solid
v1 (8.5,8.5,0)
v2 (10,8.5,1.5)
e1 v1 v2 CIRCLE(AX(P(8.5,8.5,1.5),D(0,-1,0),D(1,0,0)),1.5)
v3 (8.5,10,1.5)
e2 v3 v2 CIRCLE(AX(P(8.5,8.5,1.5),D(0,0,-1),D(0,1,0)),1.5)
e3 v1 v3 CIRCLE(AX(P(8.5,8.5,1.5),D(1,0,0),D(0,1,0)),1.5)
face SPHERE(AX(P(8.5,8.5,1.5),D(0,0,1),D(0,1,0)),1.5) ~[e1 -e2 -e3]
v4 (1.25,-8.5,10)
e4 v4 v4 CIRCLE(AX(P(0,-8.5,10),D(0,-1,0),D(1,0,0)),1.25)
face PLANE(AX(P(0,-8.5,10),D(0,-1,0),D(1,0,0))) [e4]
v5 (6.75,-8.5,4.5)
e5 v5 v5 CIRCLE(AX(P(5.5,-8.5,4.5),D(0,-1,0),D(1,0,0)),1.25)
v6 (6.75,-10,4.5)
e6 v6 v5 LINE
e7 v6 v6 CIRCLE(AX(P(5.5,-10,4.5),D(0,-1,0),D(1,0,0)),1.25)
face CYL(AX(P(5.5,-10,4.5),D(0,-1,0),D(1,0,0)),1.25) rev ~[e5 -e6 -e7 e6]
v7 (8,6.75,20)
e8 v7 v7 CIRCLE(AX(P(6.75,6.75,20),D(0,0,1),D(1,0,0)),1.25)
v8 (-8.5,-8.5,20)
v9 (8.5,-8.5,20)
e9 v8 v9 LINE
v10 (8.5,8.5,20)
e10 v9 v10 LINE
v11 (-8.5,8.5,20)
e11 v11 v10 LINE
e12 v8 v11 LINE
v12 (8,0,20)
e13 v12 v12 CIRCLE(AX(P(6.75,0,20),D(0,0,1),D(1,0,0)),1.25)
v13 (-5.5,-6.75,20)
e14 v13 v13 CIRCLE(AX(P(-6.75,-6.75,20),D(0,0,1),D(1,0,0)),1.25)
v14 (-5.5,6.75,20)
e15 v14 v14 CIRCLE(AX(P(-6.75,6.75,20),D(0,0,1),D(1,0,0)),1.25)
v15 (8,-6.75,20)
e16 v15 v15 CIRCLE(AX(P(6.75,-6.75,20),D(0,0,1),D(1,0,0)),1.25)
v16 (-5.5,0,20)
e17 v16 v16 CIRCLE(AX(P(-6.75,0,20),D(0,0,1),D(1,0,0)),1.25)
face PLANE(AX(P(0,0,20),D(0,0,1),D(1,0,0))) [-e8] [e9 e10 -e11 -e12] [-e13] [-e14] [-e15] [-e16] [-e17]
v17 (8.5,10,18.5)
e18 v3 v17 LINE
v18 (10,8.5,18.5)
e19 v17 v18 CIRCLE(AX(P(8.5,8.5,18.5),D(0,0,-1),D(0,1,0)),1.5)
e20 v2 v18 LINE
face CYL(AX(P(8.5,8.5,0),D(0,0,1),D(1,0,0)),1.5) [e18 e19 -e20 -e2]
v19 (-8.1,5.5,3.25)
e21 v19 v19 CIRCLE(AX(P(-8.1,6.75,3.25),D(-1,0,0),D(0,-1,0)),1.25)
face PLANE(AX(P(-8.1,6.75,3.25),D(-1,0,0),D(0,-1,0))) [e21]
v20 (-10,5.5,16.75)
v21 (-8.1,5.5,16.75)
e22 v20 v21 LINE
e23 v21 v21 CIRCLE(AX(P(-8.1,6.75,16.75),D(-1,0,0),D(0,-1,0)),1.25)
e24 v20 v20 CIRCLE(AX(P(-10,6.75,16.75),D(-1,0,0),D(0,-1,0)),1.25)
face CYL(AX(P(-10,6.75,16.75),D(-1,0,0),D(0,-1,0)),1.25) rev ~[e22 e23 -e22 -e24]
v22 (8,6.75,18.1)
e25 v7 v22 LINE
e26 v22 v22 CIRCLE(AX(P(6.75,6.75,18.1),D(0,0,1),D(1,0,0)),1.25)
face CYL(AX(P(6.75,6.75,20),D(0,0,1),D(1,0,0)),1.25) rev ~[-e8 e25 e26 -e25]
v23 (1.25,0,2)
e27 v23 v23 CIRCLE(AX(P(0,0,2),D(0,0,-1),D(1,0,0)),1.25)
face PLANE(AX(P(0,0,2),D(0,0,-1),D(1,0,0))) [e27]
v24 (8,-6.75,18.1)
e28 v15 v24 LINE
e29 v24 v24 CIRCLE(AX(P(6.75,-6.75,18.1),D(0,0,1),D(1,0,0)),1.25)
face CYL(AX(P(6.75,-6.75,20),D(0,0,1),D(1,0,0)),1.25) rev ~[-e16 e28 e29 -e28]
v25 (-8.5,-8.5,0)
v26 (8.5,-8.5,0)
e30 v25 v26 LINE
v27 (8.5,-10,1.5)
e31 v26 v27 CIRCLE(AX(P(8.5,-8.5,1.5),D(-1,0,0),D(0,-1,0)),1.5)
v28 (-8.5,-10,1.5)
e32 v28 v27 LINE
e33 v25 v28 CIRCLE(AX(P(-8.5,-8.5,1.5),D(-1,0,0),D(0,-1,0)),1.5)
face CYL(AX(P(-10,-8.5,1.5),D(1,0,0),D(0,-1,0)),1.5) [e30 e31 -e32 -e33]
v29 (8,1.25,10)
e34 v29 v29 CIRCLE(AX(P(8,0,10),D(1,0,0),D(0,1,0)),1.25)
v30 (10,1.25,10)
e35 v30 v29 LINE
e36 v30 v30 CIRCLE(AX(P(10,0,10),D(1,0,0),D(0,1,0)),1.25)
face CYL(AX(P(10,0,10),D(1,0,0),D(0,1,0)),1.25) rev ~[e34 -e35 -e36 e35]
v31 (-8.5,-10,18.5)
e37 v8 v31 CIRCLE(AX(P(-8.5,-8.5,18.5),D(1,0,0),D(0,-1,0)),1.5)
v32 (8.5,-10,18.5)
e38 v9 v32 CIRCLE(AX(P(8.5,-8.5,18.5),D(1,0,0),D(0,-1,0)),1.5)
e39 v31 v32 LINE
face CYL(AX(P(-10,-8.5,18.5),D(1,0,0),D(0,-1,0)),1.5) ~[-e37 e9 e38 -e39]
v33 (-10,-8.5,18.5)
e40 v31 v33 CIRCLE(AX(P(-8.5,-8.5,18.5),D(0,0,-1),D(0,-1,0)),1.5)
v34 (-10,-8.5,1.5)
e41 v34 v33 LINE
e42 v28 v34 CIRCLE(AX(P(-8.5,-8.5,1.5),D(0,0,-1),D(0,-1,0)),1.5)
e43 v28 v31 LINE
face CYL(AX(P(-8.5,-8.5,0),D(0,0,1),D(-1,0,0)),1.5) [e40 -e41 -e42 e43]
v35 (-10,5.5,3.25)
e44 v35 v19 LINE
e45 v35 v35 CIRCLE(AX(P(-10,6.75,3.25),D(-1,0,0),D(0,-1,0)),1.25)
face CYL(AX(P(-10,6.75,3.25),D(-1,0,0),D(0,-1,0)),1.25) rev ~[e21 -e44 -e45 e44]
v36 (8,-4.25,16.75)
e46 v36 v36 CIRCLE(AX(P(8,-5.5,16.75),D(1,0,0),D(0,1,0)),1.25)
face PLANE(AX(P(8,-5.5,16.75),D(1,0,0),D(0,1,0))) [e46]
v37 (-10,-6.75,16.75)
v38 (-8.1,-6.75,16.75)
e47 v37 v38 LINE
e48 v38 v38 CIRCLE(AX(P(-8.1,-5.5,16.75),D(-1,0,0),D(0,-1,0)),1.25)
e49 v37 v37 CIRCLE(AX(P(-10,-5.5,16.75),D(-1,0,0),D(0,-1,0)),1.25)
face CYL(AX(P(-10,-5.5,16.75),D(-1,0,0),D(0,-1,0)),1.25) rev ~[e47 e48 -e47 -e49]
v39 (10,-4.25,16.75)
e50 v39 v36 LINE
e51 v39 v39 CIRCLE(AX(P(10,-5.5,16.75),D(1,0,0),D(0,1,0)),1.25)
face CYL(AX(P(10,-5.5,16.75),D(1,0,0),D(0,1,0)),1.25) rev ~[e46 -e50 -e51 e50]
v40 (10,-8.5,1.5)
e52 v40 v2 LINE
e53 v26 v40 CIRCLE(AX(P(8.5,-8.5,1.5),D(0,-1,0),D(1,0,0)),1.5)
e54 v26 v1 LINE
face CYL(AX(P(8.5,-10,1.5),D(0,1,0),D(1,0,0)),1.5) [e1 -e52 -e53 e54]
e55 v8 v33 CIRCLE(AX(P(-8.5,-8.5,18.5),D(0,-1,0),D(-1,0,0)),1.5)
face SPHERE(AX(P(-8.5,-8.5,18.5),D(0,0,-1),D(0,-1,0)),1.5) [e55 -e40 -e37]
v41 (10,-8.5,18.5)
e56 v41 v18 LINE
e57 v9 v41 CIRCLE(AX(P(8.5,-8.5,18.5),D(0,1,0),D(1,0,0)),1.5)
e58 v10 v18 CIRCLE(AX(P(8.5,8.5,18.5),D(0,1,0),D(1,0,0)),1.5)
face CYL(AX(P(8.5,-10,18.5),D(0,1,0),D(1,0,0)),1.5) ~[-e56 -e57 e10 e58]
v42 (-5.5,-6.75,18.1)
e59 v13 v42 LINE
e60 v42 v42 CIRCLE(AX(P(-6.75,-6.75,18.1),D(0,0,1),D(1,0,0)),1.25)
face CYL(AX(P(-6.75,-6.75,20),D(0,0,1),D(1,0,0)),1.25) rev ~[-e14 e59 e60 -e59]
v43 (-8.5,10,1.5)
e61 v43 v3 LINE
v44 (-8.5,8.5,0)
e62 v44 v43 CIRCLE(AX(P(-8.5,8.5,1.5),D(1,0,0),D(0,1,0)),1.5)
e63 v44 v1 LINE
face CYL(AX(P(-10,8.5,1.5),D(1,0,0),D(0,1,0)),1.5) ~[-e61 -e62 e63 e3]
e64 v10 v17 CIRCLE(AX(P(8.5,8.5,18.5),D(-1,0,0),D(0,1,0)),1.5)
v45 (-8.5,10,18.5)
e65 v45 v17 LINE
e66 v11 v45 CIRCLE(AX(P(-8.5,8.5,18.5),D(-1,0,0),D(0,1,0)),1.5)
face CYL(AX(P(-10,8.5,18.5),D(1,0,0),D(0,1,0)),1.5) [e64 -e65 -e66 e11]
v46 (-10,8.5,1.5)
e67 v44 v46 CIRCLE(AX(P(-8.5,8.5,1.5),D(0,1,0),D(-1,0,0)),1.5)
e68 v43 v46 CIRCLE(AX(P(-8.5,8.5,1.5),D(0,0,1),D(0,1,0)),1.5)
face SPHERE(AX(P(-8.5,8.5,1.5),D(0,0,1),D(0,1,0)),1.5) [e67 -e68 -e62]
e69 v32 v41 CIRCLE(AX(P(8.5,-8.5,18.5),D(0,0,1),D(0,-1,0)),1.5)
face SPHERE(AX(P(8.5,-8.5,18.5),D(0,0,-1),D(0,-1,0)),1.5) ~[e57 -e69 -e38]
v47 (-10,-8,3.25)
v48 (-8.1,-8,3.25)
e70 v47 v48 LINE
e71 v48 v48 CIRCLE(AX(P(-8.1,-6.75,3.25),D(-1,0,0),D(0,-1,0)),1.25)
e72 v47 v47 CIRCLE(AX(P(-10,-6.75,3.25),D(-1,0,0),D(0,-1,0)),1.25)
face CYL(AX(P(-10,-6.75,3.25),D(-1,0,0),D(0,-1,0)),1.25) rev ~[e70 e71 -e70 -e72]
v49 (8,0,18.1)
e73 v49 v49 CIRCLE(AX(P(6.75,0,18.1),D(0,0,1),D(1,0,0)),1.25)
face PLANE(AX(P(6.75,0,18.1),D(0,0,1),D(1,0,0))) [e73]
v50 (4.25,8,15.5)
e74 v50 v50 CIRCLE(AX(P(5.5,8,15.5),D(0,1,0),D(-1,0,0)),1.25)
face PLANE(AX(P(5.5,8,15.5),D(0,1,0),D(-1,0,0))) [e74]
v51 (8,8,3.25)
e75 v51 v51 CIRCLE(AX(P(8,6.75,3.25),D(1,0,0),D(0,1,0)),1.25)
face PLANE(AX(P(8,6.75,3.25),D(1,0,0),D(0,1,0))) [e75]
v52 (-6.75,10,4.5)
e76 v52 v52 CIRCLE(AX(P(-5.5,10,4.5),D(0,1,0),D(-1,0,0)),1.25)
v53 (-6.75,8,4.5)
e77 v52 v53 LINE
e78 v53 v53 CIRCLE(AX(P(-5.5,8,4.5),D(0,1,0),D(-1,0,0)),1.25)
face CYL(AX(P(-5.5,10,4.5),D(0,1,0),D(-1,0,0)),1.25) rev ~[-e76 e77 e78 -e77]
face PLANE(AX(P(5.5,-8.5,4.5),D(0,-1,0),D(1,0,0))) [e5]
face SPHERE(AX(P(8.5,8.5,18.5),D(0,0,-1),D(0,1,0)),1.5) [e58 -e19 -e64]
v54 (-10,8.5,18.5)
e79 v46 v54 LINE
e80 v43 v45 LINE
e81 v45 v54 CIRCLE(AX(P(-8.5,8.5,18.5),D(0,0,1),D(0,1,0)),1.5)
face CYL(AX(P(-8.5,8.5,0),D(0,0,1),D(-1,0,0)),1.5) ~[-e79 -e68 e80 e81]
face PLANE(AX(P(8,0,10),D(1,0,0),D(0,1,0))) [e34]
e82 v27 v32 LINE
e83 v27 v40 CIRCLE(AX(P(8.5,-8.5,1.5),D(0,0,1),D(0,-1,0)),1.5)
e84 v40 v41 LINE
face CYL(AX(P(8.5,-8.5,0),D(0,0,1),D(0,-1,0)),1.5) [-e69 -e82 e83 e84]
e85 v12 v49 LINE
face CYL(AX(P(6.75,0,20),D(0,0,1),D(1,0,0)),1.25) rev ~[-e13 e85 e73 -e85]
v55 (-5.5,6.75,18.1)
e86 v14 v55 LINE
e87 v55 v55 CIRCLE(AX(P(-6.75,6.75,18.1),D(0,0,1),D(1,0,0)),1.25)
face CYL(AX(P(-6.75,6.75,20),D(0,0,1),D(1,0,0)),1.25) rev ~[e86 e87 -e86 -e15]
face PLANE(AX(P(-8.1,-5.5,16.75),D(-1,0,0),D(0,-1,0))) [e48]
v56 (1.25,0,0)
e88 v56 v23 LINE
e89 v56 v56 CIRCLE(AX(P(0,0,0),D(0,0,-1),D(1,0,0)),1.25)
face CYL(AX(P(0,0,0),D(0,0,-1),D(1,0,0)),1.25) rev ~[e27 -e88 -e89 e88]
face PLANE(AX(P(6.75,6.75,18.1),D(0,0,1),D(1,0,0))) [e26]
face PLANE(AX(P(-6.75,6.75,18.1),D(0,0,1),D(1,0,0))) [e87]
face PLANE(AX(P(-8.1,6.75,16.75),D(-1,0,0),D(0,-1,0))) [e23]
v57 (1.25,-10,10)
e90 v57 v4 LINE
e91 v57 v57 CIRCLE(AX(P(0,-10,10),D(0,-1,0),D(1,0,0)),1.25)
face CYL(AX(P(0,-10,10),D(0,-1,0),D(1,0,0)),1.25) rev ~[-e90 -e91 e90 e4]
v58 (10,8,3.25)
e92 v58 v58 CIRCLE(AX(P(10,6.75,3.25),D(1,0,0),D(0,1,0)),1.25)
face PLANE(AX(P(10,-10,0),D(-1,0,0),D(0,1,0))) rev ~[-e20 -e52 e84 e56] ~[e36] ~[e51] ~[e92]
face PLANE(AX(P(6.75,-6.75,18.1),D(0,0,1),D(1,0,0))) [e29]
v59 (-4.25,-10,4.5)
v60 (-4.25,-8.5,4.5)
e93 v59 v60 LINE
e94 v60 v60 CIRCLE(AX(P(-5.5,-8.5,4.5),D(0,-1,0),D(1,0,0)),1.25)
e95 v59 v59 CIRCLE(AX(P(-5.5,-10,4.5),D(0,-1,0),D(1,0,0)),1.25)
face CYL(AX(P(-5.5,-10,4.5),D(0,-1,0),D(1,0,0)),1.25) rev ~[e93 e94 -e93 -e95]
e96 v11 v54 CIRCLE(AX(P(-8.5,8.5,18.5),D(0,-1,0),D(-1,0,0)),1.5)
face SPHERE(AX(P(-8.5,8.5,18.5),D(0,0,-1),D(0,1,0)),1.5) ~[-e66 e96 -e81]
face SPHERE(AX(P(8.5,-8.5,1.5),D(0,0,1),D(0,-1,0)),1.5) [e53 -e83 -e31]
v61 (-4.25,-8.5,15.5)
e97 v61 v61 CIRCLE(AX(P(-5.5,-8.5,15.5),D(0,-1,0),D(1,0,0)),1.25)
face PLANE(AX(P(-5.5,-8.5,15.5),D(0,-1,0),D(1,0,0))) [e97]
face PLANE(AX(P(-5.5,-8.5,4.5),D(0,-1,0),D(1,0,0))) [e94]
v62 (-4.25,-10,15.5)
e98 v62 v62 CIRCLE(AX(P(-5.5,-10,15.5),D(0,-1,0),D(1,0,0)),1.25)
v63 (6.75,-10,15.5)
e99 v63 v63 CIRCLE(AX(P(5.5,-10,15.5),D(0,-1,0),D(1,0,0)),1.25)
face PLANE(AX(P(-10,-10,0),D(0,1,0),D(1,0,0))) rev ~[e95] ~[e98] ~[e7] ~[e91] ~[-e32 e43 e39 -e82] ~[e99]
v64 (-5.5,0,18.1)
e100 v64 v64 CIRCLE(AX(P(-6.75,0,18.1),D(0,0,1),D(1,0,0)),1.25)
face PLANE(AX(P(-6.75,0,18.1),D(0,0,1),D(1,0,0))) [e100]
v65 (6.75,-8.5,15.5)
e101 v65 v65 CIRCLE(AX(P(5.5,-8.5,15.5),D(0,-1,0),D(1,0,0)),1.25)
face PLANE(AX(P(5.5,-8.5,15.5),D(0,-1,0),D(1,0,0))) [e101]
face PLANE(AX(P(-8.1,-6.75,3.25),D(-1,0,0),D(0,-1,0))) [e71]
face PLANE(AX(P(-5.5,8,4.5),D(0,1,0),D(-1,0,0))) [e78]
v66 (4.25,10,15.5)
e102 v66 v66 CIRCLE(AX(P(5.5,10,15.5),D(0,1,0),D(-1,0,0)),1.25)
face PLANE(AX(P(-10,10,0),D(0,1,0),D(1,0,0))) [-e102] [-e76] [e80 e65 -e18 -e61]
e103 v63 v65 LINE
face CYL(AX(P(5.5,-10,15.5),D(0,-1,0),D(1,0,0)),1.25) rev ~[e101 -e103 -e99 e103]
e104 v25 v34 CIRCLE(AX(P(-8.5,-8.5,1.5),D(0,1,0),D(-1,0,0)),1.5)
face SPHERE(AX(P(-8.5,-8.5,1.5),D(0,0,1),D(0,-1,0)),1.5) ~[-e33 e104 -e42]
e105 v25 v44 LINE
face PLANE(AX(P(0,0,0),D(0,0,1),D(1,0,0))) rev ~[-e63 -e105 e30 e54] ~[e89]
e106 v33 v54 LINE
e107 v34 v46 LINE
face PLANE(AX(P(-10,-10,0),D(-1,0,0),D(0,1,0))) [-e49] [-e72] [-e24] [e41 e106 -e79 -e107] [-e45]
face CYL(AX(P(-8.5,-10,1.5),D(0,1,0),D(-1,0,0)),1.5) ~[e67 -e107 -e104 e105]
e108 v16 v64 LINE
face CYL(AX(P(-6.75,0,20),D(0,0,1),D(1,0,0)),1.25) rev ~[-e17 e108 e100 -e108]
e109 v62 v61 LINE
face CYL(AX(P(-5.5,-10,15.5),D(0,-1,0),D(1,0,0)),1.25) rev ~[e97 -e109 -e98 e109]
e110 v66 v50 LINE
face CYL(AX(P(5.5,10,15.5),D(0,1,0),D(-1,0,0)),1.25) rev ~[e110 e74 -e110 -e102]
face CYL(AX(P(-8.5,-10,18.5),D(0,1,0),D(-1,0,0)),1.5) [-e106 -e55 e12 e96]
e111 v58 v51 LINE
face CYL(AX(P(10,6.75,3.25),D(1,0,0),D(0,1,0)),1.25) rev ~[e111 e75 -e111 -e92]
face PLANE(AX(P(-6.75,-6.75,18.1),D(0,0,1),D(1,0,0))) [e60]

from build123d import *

# Parameters (mm, degrees)
F0_W      = 20
F0_H      = 20
F1_DEPTH  = 20
F2_R      = 1.5
F3_R      = 1.25
F4_DEPTH  = 2
F5_R      = 1.25
F6_DEPTH  = 1.5
F7_R      = 1.25
F8_DEPTH  = 2
F9_R      = 1.25
F10_DEPTH = 1.9
F11_R     = 1.25
F12_DEPTH = 1.9
F13_R     = 1.25
F14_DEPTH = 2


with BuildPart() as f1:
    # F0 (on Top) → F1 (new body)
    with BuildSketch(Plane.XY):
        Rectangle(F0_W, F0_H)
    extrude(amount=F1_DEPTH)

    # F2
    f2_edges = [f1.edges().sort_by_distance(p)[0] for p in [
        (10, 10, 10),
        (-10, 10, 10),
        (0, 10, 0),
        (0, 10, 20),
        (-10, -10, 10),
        (10, -10, 10),
        (0, -10, 0),
        (0, -10, 20),
        (-10, 0, 20),
        (10, 0, 20),
        (10, 0, 0),
        (-10, 0, 0),
    ]]
    fillet(f2_edges, radius=F2_R)

    # F3 (on face) → F4 (cut)
    with BuildSketch(Plane.YZ.offset(10)):
        with Locations((-5.5, 16.75)):
            Circle(F3_R)
        with Locations((0, 10)):
            Circle(F3_R)
        with Locations((6.75, 3.25)):
            Circle(F3_R)
    extrude(amount=-F4_DEPTH, mode=Mode.SUBTRACT)

    # F5 (on face) → F6 (cut)
    with BuildSketch(Plane.XZ.offset(10)):
        with Locations((-5.5, 4.5)):
            Circle(F5_R)
        with Locations((5.5, 15.5)):
            Circle(F5_R)
        with Locations((-5.5, 15.5)):
            Circle(F5_R)
        with Locations((0, 10)):
            Circle(F5_R)
        with Locations((5.5, 4.5)):
            Circle(F5_R)
    extrude(amount=-F6_DEPTH, mode=Mode.SUBTRACT)

    # F7 (on face) → F8 (cut)
    with BuildSketch(Plane(origin=(0, 10, 0), x_dir=(-1, 0, 0), z_dir=(0, 1, 0))):
        with Locations((-5.5, 15.5)):
            Circle(F7_R)
        with Locations((5.5, 4.5)):
            Circle(F7_R)
    extrude(amount=-F8_DEPTH, mode=Mode.SUBTRACT)

    # F9 (on face) → F10 (cut)
    with BuildSketch(Plane(origin=(-10, 0, 0), x_dir=(0, -1, 0), z_dir=(-1, 0, 0))):
        with Locations((-6.75, 3.25)):
            Circle(F9_R)
        with Locations((5.5, 16.75)):
            Circle(F9_R)
        with Locations((6.75, 3.25)):
            Circle(F9_R)
        with Locations((-6.75, 16.75)):
            Circle(F9_R)
    extrude(amount=-F10_DEPTH, mode=Mode.SUBTRACT)

    # F11 (on face) → F12 (cut)
    with BuildSketch(Plane.XY.offset(20)):
        with Locations((-6.75, 6.75)):
            Circle(F11_R)
        with Locations((-6.75, -6.75)):
            Circle(F11_R)
        with Locations((-6.75, 0)):
            Circle(F11_R)
        with Locations((6.75, 6.75)):
            Circle(F11_R)
        with Locations((6.75, 0)):
            Circle(F11_R)
        with Locations((6.75, -6.75)):
            Circle(F11_R)
    extrude(amount=-F12_DEPTH, mode=Mode.SUBTRACT)

    # F13 (on face) → F14 (cut)
    with BuildSketch(Plane(origin=(0, 0, 0), x_dir=(1, 0, 0), z_dir=(0, 0, -1))):
        Circle(F13_R)
    extrude(amount=-F14_DEPTH, mode=Mode.SUBTRACT)


solid = f1.part
